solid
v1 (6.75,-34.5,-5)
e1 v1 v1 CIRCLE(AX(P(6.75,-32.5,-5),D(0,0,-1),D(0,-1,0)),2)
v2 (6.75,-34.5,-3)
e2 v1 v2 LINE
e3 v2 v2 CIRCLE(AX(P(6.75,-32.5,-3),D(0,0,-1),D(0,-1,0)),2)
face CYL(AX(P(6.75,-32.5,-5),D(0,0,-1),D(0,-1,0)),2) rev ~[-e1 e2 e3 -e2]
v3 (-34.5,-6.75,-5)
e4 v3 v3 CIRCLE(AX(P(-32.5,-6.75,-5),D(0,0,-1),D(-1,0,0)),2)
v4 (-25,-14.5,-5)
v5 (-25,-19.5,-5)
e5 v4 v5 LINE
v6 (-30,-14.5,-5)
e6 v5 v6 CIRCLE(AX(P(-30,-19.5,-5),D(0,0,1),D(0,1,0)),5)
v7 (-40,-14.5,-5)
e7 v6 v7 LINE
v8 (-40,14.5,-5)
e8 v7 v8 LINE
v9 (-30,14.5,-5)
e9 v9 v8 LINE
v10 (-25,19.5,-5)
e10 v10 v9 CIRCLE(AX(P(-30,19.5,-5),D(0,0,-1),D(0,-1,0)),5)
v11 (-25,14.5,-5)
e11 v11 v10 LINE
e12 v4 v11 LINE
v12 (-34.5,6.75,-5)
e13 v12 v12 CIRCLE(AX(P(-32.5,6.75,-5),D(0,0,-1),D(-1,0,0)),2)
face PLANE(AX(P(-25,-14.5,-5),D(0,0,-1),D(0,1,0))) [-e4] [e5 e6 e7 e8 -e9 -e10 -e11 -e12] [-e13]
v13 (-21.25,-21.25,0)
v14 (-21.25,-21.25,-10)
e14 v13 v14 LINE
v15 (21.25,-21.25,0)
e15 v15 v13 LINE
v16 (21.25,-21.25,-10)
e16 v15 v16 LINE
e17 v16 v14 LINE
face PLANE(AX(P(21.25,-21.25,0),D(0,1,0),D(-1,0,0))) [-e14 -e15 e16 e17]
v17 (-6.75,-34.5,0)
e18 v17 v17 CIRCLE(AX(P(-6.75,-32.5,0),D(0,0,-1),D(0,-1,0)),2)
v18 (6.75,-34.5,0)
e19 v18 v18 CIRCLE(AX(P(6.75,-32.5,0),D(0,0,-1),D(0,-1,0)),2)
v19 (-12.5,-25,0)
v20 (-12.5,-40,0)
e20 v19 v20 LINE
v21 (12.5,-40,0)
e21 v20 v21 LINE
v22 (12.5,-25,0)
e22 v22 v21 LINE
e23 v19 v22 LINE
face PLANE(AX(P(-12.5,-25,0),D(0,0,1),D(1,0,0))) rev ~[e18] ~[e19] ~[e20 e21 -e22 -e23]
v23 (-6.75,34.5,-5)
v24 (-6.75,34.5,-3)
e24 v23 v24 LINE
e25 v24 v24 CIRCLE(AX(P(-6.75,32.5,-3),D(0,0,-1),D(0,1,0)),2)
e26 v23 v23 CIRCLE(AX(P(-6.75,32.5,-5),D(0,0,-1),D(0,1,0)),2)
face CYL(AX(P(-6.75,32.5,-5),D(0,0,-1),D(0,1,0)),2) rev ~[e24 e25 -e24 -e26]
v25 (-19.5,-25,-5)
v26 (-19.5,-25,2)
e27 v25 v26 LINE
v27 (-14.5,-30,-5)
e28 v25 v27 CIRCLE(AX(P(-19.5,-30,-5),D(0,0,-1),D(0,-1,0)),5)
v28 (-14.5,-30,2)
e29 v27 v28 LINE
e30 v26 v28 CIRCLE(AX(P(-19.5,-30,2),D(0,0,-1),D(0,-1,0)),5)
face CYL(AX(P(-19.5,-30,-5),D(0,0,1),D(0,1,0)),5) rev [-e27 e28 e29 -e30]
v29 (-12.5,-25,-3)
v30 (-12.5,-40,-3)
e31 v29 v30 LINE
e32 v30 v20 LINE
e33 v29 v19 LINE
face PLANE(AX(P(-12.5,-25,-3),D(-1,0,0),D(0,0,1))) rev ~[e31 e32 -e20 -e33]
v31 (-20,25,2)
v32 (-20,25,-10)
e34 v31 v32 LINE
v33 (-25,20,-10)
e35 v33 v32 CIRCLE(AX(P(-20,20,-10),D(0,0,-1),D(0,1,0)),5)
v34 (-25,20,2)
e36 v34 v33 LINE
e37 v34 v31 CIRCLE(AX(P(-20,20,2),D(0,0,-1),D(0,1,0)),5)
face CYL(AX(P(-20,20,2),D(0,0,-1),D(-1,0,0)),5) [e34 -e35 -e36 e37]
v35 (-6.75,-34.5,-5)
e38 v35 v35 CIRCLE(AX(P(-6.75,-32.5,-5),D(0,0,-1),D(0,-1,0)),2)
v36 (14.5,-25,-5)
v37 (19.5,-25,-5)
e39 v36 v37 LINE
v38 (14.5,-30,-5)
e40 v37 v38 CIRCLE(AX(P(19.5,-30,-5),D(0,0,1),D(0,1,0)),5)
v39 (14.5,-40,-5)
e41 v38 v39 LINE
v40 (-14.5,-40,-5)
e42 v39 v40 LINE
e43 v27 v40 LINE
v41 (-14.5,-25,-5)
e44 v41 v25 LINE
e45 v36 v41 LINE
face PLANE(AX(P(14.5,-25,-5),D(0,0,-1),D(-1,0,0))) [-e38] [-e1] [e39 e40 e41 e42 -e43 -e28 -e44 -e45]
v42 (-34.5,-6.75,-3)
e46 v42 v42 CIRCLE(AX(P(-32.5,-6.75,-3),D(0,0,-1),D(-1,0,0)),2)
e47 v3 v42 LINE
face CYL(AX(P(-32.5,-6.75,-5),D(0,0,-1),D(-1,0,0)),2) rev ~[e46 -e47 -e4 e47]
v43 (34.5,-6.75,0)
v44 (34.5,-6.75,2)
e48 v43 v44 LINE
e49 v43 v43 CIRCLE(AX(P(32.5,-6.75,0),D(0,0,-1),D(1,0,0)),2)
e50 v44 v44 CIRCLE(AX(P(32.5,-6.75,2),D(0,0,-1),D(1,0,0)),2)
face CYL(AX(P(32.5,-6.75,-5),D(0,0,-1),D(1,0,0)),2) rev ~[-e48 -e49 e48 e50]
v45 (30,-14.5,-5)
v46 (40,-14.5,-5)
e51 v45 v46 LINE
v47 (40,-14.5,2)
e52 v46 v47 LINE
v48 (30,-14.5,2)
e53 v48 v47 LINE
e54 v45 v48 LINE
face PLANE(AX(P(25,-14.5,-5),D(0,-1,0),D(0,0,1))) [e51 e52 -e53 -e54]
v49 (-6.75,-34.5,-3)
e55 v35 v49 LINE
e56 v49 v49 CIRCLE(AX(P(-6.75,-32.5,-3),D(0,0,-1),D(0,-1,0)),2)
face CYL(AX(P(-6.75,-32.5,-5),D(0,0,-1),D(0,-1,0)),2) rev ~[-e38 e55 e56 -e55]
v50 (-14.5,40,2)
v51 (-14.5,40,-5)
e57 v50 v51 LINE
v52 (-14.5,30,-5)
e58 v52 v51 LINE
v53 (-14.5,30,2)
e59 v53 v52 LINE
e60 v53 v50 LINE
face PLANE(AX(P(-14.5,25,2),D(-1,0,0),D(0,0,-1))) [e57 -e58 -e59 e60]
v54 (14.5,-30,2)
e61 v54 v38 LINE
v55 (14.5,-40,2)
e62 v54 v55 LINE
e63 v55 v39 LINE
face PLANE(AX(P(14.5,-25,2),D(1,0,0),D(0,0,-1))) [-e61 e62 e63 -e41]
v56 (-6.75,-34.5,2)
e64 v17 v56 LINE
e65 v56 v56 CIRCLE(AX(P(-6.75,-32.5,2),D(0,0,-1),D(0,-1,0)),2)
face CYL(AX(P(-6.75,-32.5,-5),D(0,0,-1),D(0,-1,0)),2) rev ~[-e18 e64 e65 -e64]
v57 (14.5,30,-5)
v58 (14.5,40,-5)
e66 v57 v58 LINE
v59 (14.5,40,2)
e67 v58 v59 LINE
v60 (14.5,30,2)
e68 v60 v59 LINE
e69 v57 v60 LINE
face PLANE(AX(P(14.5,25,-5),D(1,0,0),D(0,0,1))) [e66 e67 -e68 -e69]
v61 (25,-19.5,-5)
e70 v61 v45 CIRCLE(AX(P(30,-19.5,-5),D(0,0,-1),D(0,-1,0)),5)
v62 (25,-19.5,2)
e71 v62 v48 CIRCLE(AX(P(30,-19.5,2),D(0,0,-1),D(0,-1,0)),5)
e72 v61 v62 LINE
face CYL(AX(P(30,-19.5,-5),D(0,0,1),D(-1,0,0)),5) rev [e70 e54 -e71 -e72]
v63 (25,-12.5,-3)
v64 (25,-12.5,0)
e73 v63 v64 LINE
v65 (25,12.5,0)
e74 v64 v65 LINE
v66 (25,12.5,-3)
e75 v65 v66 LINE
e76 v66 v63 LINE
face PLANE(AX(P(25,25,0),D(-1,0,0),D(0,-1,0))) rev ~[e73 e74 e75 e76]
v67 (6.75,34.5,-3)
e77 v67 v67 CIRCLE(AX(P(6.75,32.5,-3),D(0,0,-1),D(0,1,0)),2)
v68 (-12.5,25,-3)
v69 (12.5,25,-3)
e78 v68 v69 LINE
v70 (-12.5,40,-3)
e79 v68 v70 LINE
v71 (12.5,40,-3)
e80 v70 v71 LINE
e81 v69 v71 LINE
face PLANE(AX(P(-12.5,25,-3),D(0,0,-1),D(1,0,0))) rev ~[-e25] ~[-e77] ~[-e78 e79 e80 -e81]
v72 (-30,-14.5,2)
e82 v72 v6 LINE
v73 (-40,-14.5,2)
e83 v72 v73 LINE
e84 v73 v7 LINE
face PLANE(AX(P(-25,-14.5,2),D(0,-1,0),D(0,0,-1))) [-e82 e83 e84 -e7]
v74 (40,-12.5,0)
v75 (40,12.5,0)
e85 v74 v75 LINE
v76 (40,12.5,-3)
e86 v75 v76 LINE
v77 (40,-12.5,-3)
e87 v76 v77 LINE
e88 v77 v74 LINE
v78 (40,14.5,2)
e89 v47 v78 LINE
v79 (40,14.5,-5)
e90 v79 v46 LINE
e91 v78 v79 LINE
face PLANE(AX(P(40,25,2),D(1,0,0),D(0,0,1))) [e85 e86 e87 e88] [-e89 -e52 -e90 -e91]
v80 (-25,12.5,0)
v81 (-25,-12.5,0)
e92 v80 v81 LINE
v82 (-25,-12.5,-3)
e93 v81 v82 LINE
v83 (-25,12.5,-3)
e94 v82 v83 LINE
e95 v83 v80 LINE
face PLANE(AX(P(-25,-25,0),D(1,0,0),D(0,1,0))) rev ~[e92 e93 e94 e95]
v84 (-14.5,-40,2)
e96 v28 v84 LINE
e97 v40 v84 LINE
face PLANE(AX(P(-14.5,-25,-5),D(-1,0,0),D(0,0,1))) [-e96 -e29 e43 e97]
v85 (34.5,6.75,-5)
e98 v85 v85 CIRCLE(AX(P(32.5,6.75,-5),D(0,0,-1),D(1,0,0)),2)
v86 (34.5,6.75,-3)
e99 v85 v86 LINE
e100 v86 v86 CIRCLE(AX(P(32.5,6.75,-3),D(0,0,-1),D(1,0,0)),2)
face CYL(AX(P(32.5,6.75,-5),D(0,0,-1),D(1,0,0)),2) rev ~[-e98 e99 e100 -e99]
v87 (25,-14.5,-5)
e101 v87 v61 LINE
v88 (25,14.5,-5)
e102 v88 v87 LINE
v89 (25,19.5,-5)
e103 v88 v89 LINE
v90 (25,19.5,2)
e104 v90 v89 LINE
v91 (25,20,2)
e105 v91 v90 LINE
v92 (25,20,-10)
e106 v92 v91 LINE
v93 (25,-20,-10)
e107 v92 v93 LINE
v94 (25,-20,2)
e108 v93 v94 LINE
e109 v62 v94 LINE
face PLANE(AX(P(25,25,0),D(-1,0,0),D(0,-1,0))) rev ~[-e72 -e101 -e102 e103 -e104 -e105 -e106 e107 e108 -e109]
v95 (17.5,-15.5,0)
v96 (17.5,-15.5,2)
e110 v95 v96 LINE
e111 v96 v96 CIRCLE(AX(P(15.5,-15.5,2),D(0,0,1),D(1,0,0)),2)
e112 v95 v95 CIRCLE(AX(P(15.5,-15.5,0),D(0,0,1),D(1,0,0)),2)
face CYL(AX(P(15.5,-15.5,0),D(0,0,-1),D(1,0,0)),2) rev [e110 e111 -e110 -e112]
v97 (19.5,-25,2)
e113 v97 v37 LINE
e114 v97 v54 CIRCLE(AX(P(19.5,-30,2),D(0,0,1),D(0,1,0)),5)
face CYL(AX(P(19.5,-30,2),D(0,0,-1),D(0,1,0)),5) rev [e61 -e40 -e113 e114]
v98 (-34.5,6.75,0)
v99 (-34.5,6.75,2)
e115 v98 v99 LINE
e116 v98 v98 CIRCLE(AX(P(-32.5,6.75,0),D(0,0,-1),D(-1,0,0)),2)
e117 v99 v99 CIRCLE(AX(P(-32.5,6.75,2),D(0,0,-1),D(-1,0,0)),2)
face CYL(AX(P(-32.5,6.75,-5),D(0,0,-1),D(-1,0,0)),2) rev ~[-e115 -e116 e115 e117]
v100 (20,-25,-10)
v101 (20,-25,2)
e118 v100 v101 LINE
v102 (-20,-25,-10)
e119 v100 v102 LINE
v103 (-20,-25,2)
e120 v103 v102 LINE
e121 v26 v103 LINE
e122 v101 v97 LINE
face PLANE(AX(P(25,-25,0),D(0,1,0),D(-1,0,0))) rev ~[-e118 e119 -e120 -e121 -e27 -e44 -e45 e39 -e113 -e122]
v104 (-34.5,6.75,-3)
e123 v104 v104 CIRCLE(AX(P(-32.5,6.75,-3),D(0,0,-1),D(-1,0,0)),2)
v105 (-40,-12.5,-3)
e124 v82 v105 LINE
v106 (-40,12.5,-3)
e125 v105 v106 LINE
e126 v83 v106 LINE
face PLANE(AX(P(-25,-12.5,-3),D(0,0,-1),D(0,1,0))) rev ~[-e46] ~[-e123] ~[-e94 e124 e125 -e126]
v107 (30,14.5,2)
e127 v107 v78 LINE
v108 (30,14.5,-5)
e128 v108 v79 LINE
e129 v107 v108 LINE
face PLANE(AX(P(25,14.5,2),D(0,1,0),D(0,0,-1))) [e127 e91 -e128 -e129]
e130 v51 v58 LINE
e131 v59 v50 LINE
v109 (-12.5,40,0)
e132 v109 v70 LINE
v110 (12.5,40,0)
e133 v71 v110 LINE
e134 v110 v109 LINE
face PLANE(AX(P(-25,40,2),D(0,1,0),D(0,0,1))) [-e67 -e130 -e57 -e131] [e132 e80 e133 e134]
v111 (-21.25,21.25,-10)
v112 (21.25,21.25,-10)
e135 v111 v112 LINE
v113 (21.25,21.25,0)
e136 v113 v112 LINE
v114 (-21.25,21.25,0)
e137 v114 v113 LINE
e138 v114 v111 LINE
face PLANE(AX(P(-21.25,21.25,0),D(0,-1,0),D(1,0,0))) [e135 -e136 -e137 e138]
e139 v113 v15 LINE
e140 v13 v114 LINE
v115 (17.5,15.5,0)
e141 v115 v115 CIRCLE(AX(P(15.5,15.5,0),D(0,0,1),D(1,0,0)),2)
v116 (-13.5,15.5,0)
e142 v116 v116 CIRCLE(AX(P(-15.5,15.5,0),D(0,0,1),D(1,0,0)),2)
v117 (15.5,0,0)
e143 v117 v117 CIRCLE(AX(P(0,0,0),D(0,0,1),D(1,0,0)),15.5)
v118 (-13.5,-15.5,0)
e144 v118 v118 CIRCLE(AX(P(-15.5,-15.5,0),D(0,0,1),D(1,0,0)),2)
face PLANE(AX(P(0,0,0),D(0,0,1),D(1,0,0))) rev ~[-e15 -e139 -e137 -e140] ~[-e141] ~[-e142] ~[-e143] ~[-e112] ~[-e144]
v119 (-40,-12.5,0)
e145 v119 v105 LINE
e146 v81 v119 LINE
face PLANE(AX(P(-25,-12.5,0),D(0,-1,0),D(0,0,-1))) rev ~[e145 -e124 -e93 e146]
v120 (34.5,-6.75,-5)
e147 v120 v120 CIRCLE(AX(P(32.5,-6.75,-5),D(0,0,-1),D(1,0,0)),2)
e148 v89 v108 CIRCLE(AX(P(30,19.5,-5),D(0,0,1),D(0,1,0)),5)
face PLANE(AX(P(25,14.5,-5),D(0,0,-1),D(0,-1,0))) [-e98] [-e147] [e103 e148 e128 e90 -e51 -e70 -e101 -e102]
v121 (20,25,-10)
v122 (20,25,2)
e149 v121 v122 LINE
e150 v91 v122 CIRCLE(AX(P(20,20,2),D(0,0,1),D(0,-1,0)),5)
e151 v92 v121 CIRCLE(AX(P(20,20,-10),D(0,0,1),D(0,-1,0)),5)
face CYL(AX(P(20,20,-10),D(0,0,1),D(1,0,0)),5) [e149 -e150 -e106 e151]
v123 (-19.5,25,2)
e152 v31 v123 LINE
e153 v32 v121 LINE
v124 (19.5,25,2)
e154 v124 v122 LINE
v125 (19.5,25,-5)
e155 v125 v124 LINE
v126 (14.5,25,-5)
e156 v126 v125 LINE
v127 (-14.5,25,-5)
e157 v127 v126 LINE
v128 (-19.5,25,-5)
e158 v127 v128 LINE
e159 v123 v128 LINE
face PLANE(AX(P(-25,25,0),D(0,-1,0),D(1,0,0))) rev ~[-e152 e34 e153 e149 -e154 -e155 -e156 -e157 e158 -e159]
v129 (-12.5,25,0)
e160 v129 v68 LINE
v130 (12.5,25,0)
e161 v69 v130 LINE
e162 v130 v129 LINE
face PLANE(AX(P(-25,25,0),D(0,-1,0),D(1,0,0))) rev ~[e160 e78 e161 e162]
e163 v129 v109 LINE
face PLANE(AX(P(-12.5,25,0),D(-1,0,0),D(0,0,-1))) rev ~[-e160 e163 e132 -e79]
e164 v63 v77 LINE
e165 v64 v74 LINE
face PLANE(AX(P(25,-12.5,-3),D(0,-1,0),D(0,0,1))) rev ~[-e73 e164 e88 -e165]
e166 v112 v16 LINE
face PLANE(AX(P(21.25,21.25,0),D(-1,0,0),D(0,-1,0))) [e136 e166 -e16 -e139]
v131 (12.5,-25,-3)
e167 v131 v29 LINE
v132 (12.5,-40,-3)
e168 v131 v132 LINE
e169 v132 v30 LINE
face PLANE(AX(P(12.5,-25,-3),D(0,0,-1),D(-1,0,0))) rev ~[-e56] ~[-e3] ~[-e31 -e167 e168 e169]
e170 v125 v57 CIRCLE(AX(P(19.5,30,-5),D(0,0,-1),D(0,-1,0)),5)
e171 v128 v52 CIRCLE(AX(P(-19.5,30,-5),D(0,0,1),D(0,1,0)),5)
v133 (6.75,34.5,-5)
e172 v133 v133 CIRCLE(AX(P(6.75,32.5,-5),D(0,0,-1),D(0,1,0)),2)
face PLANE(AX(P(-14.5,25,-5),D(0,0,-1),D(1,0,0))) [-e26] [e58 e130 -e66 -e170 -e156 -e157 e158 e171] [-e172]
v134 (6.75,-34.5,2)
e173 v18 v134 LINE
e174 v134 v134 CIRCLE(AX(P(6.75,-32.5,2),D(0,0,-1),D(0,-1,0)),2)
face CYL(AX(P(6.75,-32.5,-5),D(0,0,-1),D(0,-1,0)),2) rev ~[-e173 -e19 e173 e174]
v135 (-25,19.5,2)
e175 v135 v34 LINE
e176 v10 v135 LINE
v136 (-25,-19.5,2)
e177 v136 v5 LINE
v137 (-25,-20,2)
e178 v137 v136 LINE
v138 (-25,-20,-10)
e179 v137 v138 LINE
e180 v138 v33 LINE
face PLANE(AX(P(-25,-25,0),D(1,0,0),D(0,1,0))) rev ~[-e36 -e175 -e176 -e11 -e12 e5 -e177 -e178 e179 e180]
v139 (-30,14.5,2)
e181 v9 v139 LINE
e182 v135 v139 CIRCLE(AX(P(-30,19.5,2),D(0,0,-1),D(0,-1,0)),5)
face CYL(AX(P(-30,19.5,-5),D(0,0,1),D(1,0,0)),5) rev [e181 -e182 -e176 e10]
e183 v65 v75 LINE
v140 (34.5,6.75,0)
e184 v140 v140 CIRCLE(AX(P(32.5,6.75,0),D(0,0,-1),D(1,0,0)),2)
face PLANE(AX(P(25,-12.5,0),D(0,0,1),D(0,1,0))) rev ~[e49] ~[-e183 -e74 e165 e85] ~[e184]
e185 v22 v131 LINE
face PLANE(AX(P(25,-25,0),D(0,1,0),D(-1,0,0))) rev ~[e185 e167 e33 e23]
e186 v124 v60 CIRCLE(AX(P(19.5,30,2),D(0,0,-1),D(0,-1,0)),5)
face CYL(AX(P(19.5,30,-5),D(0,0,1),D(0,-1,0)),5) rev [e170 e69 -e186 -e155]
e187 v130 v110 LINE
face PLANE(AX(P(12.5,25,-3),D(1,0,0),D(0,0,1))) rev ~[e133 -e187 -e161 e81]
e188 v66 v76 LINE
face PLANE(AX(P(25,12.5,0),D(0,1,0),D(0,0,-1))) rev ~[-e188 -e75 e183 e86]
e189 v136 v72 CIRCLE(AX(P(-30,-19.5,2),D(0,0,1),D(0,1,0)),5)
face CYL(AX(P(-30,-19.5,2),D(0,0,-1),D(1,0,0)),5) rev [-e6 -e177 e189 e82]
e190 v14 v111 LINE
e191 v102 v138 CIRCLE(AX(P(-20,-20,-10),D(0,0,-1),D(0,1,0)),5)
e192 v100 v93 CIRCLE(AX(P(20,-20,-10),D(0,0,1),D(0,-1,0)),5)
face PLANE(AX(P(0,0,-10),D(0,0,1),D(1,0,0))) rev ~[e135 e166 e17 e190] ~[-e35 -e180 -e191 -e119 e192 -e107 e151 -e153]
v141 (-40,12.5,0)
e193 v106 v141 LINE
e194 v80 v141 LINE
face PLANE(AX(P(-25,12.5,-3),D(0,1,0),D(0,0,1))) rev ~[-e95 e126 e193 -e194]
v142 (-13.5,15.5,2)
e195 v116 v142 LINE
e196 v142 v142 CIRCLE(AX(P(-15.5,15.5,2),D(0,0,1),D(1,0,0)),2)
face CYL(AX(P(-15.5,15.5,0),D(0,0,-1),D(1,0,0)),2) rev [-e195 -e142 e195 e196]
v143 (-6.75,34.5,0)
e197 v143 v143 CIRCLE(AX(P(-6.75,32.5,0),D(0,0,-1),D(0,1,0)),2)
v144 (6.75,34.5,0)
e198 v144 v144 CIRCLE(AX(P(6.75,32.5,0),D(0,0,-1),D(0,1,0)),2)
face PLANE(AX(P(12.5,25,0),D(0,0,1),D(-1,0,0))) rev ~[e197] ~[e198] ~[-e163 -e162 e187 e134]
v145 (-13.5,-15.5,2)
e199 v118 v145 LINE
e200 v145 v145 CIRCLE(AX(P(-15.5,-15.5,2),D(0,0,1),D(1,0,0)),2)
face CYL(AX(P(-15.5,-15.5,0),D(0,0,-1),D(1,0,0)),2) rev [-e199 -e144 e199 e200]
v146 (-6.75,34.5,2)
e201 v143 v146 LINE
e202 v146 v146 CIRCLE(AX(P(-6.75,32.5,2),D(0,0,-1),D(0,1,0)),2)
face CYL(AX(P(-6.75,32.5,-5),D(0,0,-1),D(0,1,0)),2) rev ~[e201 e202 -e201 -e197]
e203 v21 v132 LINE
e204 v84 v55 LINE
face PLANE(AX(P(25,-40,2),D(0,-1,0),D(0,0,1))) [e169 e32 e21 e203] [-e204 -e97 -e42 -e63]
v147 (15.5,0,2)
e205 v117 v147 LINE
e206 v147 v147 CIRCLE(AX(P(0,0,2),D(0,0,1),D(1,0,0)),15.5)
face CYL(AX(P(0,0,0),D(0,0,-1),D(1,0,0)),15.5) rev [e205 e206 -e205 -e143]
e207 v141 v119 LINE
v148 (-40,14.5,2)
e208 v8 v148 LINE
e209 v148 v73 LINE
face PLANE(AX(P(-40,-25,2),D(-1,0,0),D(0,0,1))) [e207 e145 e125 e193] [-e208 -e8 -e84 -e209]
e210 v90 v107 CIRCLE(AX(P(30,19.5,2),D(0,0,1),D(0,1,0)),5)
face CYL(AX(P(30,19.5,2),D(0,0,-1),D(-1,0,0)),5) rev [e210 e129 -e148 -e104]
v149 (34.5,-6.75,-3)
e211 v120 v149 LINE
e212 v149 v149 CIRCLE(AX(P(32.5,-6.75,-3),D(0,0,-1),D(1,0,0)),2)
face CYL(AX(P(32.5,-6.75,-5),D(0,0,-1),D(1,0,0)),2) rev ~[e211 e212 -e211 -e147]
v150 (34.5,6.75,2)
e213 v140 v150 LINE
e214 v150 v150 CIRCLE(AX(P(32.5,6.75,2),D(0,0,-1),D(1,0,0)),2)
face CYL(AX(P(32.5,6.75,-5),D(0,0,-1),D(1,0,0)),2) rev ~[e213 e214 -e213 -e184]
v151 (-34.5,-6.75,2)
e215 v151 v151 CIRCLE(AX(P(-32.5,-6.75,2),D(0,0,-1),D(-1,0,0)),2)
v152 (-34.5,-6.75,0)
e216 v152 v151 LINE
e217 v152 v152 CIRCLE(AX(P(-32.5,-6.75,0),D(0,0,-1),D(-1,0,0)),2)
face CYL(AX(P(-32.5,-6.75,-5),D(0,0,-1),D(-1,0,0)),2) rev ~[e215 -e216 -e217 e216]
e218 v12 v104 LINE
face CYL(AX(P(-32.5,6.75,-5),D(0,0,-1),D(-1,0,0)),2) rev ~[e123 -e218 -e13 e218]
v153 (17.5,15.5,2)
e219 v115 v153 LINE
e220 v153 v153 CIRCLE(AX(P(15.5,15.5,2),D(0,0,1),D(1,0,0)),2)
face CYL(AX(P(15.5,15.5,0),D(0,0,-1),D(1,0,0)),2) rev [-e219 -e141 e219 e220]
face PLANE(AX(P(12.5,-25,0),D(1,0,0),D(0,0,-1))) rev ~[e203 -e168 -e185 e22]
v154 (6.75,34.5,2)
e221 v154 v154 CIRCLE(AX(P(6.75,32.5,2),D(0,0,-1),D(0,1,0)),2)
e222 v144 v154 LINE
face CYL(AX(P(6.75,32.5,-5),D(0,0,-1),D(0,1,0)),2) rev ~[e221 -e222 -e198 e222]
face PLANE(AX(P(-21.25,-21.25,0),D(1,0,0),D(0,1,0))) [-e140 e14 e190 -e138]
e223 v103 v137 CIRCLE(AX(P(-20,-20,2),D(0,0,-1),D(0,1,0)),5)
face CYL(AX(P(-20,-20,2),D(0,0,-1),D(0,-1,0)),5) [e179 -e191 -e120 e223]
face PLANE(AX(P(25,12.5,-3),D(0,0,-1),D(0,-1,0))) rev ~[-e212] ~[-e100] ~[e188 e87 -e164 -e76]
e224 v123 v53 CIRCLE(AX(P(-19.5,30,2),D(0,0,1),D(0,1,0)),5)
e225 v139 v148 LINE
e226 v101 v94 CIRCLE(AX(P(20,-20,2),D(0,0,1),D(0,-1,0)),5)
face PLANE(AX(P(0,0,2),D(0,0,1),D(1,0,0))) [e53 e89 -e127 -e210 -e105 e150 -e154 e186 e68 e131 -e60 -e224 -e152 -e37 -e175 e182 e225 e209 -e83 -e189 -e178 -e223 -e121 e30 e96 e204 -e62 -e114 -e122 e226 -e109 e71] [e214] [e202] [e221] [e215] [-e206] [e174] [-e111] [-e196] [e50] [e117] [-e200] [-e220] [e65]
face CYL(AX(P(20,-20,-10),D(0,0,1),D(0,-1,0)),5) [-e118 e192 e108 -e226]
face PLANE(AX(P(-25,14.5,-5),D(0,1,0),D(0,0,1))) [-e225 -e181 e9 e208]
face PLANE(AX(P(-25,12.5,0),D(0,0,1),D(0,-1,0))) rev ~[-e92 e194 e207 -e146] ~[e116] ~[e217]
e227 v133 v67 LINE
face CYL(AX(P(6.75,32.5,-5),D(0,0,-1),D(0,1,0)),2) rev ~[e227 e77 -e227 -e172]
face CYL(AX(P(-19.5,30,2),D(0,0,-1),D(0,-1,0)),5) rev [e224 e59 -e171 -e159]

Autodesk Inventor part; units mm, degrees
ref_plane "YZ Plane" through (0, 0, 0) normal (1, 0, 0) x (0, 1, 0)
ref_plane "XZ Plane" through (0, 0, 0) normal (0, 1, 0) x (-1, 0, 0)
ref_plane "XY Plane" through (0, 0, 0) normal (0, 0, 1) x (1, 0, 0)
sketch "Sketch1" plane through (0, 0, 0) normal (0, 0, 1) x (1, 0, 0)
  line L0 (-15.5, 15.5) -> (15.5, 15.5) construction
  line L1 (15.5, 15.5) -> (15.5, -15.5) construction
  line L2 (15.5, -15.5) -> (-15.5, -15.5) construction
  line L3 (-15.5, -15.5) -> (-15.5, 15.5) construction
  line L4 (-15.5, 15.5) -> (15.5, -15.5) construction
  line L5 (15.5, 15.5) -> (-15.5, -15.5) construction
  circle A0 centre (-15.5, 15.5) radius 2
  circle A1 centre (15.5, 15.5) radius 2
  circle A2 centre (-15.5, -15.5) radius 2
  circle A3 centre (15.5, -15.5) radius 2
  line L6 (-21.25, 21.25) -> (21.25, 21.25)
  line L7 (21.25, 21.25) -> (21.25, -21.25)
  line L8 (21.25, -21.25) -> (-21.25, -21.25)
  line L9 (-21.25, -21.25) -> (-21.25, 21.25)
  line L10 (-21.25, 21.25) -> (21.25, -21.25) construction
  line L11 (21.25, 21.25) -> (-21.25, -21.25) construction
  circle A4 centre (0, 0) radius 15.5
  line L12 (25, -25) -> (-25, -25)
  line L13 (-25, -25) -> (-25, 25)
  line L14 (-25, 25) -> (25, 25)
  line L15 (25, 25) -> (25, -25)
  line L16 (25, -25) -> (-25, 25) construction
  line L17 (-25, -25) -> (25, 25) construction
  dimension "d0" = 31
  dimension "d1" = 31
  dimension "d2" = 4
  dimension "d5" = 31
  dimension "d8" = 31
  dimension "d11" = 42.5
  dimension "d12" = 42.5
  dimension "d13" = 50
  dimension "d14" = 50
extrude "Extrusion1" add sketch "Sketch1" along normal blind 2 contours L6 L7 L8 L9 | L12 L13 L14 L15
extrude "Extrusion2" add sketch "Sketch1" against normal blind 10 contours L12 L13 L14 L15
sketch "Sketch2" plane through (-25, -25, 2) normal (-1, 0, 0) x (0, 0, 1)
  line L0 (0, 0) -> (0, 50) construction
  line L1 (0, 0) -> (-2, 0) construction
  line L2 (-12, 0) -> (0, 0) construction
  line L3 (-2, 40.5) -> (-2, 9.5) construction
  line L4 (-2, 0) -> (-2, 25) construction
  line L5 (-2, 25) -> (-3.5, 25) construction
  line L6 (-5, 37.5) -> (-2, 37.5)
  line L7 (-2, 37.5) -> (-2, 12.5)
  line L8 (-2, 12.5) -> (-5, 12.5)
  line L9 (-5, 12.5) -> (-5, 37.5)
  line L10 (-5, 37.5) -> (-2, 12.5) construction
  line L11 (-2, 37.5) -> (-5, 12.5) construction
  line L12 (-7, 39.5) -> (0, 39.5)
  line L13 (0, 39.5) -> (0, 10.5)
  line L14 (0, 10.5) -> (-7, 10.5)
  line L15 (-7, 10.5) -> (-7, 39.5)
  dimension "d19" = 2
  dimension "d20" = 25
  dimension "d21" = 90
  dimension "d22" = 1.5
  dimension "d23" = 90
  dimension "d24" = 3
  dimension "d25" = 25
  dimension "d26" = 2
  dimension "d37" = 2
extrude "Extrusion3" add sketch "Sketch2" along normal blind 15
sketch "Sketch3" plane through (-25, -14.5, -5) normal (0, 0, -1) x (-1, 0, 0)
  line L0 (0, 0) -> (7.5, 0) construction
  line L1 (0, 0) -> (15, 0) construction
  line L2 (7.5, 14.5) -> (7.5, 21.25) construction
  line L3 (7.5, 21.25) -> (7.5, 7.75) construction
  circle A0 centre (7.5, 21.25) radius 2
  circle A1 centre (7.5, 7.75) radius 2
  line L4 (7.5, 0) -> (7.5, 7.75) construction
  line L5 (7.5, 21.25) -> (7.5, 29) construction
  line L6 (0, 29) -> (15, 29) construction
  point P0 (-25, 14.5)
  dimension "d30" = 4
  dimension "d31" = 4
  dimension "d38" = 13.5
extrude "Extrusion4" cut sketch "Sketch3" against normal blind 15
pattern_circular "Circular Pattern1" count 4 over 360 about axis through (0, 0, -10) along (0, 0, 1) of "Extrusion3", "Extrusion4"
fillet "Fillet2" radius 5 12 edges at (25, 14.5, -1.5) (25, 25, -4) (14.5, 25, -1.5) (25, -14.5, -1.5) (14.5, -25, -1.5) (25, -25, -4) (-14.5, -25, -1.5) (-25, -25, -4) (-25, -14.5, -1.5) (-25, 14.5, -1.5) (-25, 25, -4) (-14.5, 25, -1.5)
properties part number "CSB_Motor_Mount_v1"
